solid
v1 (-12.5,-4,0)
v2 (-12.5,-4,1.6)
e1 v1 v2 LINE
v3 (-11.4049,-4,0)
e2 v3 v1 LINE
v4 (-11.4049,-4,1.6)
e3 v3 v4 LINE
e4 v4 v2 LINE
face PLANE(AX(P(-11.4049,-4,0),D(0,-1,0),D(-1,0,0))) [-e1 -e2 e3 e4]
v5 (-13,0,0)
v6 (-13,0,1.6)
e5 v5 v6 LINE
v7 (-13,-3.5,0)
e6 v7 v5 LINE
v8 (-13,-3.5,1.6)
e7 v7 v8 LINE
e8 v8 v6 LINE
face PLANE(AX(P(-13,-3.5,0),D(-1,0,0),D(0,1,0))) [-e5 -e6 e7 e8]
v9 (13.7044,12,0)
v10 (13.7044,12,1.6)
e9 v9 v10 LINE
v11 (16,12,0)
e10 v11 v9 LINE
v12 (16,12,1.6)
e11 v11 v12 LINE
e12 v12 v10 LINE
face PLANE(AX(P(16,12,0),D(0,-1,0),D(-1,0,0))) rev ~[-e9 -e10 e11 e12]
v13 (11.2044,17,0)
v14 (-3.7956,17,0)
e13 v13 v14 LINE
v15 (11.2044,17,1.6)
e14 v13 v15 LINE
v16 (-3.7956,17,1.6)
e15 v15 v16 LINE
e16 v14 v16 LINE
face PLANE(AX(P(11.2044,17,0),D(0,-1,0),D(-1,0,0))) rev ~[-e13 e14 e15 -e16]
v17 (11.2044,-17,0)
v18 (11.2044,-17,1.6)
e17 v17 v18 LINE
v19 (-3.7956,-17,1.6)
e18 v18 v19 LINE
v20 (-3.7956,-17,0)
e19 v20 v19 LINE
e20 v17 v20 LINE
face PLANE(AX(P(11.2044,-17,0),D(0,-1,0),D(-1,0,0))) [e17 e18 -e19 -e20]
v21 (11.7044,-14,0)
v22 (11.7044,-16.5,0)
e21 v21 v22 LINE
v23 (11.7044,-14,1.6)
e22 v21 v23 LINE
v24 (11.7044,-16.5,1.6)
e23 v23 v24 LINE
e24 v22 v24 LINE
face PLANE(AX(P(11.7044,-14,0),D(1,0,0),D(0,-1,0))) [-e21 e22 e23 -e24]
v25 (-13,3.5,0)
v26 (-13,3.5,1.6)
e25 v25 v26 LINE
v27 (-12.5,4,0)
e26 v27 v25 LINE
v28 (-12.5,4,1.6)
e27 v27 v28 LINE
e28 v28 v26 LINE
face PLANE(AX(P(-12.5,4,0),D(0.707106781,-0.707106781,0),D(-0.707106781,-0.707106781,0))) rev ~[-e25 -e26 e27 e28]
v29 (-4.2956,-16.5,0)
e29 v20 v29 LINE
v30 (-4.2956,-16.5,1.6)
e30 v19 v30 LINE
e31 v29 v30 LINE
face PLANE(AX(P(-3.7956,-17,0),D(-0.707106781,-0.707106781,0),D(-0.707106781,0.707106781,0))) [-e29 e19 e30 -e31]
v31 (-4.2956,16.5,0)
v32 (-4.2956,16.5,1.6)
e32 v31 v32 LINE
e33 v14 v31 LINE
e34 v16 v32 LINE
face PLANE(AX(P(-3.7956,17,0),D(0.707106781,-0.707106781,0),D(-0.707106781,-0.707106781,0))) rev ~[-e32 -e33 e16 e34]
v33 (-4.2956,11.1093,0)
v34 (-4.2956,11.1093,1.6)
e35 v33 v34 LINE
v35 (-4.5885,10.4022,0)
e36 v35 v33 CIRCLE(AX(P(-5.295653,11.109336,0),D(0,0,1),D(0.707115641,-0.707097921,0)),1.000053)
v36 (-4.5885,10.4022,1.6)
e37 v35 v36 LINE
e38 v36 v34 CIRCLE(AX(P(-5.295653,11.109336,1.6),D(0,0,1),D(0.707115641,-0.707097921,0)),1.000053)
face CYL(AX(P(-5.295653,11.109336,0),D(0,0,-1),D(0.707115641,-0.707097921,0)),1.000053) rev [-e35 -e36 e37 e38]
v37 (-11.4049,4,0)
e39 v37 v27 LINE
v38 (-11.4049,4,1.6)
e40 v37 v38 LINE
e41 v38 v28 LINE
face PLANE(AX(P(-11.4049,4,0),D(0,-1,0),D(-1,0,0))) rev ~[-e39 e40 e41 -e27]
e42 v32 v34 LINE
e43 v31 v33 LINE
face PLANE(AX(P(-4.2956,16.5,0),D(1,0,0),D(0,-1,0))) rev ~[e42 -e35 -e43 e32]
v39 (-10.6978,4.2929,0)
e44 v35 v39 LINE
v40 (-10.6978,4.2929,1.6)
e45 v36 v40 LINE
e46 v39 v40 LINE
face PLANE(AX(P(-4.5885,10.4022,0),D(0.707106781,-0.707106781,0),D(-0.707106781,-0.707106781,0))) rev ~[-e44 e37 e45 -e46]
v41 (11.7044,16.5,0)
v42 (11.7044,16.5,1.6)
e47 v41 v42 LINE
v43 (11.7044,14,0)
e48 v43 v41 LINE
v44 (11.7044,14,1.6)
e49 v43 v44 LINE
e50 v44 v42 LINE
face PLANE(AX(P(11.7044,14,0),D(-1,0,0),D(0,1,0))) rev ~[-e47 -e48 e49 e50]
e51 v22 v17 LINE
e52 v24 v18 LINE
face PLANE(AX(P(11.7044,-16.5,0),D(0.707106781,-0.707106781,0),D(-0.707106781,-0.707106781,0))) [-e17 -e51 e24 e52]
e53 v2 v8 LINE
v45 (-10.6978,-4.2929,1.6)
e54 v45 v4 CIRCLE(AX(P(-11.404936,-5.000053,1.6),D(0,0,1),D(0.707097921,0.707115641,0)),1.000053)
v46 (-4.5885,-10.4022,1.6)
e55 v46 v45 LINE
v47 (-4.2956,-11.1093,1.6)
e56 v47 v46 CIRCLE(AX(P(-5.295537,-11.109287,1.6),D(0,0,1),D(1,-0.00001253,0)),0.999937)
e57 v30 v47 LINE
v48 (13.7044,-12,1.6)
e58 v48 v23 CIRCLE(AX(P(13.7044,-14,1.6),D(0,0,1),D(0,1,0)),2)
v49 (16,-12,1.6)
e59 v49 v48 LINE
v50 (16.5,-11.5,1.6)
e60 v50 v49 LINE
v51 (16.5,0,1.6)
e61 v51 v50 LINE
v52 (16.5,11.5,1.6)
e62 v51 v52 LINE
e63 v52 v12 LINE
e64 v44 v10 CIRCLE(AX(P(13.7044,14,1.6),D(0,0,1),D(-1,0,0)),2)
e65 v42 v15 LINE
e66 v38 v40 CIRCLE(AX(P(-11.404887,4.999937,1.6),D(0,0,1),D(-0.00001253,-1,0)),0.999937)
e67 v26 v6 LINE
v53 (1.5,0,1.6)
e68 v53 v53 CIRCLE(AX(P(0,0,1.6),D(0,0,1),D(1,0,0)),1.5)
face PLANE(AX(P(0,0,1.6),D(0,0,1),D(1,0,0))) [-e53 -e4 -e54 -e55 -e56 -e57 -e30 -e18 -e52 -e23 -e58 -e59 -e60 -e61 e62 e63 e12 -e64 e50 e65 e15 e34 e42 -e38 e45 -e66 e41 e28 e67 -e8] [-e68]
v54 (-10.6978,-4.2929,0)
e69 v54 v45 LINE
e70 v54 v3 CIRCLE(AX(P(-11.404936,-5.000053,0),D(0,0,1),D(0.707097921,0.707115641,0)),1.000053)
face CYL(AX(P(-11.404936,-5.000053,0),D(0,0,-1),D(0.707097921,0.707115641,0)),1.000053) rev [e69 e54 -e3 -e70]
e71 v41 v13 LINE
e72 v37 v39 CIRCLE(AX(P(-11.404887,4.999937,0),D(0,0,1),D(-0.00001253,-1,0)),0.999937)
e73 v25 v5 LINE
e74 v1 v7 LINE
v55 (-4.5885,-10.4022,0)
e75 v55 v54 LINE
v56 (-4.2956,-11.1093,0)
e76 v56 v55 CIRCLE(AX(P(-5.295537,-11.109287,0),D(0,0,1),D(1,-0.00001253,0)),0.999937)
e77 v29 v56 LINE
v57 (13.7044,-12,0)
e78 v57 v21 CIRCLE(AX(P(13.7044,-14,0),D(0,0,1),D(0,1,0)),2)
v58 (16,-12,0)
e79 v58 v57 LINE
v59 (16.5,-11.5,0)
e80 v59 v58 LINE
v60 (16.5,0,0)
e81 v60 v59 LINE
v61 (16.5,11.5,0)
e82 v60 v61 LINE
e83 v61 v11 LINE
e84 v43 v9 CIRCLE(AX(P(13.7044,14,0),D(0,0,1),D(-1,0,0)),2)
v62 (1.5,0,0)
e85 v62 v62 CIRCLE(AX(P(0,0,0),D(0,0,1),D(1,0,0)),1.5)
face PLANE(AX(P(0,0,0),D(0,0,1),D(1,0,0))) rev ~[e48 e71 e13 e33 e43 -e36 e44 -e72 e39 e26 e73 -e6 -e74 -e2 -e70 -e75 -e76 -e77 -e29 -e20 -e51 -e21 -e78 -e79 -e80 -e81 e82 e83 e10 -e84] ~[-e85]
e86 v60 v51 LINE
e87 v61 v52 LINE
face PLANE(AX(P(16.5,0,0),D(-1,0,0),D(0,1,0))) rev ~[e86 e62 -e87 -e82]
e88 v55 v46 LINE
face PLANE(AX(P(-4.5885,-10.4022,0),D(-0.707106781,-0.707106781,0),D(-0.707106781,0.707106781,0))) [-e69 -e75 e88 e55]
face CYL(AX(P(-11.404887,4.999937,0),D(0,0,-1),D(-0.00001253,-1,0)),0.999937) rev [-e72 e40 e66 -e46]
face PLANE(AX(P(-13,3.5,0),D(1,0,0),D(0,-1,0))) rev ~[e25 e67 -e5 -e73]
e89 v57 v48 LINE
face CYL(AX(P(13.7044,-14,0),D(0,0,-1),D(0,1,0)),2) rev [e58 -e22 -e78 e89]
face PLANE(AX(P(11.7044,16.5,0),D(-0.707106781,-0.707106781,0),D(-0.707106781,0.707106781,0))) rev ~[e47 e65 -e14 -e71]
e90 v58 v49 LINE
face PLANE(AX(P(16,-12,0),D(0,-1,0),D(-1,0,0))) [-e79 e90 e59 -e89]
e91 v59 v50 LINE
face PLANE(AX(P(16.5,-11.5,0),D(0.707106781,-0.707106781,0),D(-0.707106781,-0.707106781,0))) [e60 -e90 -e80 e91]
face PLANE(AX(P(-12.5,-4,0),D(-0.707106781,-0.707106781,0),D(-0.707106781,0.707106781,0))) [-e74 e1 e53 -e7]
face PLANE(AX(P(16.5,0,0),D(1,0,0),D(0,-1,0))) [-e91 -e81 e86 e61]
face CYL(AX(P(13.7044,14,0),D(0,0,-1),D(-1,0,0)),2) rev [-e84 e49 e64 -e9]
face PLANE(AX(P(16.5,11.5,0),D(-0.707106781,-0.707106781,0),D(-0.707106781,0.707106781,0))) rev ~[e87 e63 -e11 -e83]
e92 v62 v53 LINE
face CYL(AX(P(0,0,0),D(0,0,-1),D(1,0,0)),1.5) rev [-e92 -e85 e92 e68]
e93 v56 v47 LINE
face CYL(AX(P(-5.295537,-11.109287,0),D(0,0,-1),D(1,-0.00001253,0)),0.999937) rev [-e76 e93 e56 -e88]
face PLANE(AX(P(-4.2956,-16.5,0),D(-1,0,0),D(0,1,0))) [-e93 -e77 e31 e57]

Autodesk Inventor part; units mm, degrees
ref_plane "YZ Plane" through (0, 0, 0) normal (1, 0, 0) x (0, 1, 0)
ref_plane "XZ Plane" through (0, 0, 0) normal (0, 1, 0) x (-1, 0, 0)
ref_plane "XY Plane" through (0, 0, 0) normal (0, 0, 1) x (1, 0, 0)
sketch "スケッチ1" plane through (0, 0, 0) normal (0, 0, 1) x (1, 0, 0)
  line L0 (16.5, 0) -> (16.5, 11.5)
  line L1 (11.2044, 17) -> (-3.7956, 17)
  line L2 (-3.7956, 17) -> (-4.2956, 16.5)
  line L3 (-4.2956, 16.5) -> (-4.2956, 11.1093)
  arc A0 (-4.5885, 10.4022) -> (-4.2956, 11.1093) centre (-5.2956, 11.1093) ccw
  line L4 (-4.5885, 10.4022) -> (-10.6978, 4.2929)
  arc A1 (-11.4049, 4) -> (-10.6978, 4.2929) centre (-11.4049, 5) ccw
  line L5 (-11.4049, 4) -> (-12.5, 4)
  line L6 (-12.5, 4) -> (-13, 3.5)
  line L7 (-13, 3.5) -> (-13, 0)
  circle A2 centre (0, 0) radius 1.5
  line L8 (16, 12) -> (13.7044, 12)
  line L9 (11.7044, 14) -> (11.7044, 16.5)
  line L10 (16.5, 11.5) -> (16, 12)
  line L11 (11.7044, 16.5) -> (11.2044, 17)
  line L12 (0, 0) -> (16.5, 0) construction
  arc A3 (11.7044, 14) -> (13.7044, 12) centre (13.7044, 14) ccw
  line L13 (11.7044, 17) -> (11.7044, 18.5) construction
  line L14 (0, 0) -> (-13, 0) construction
  line L15 (-13, -2) -> (-13, 2) construction
  line L16 (-10.6978, 4.2929) -> (-5.2974, 9.6932) construction
  line L17 (-4.2956, 17) -> (-4.2956, 11.1093) construction
  line L18 (16.5, 0) -> (16.5, -11.5)
  line L19 (11.2044, -17) -> (-3.7956, -17)
  line L20 (-3.7956, -17) -> (-4.2956, -16.5)
  line L21 (-4.2956, -16.5) -> (-4.2956, -11.1093)
  arc A4 (-4.2956, -11.1093) -> (-4.5885, -10.4022) centre (-5.2956, -11.1093) ccw
  line L22 (-4.5885, -10.4022) -> (-10.6978, -4.2929)
  arc A5 (-10.6978, -4.2929) -> (-11.4049, -4) centre (-11.4049, -5) ccw
  line L23 (-11.4049, -4) -> (-12.5, -4)
  line L24 (-12.5, -4) -> (-13, -3.5)
  line L25 (-13, -3.5) -> (-13, 0)
  line L26 (16, -12) -> (13.7044, -12)
  line L27 (11.7044, -14) -> (11.7044, -16.5)
  line L28 (16.5, -11.5) -> (16, -12)
  line L29 (11.7044, -16.5) -> (11.2044, -17)
  arc A6 (13.7044, -12) -> (11.7044, -14) centre (13.7044, -14) ccw
  dimension "d5" = 0.5
  dimension "d6" = 0.5
  dimension "d7" = 16.5
  dimension "d8" = 2
  dimension "d9" = 12
  dimension "d10" = 17
  dimension "d11" = 0.5
  dimension "d12" = 0.5
  dimension "d14" = 0.5
  dimension "d15" = 0.5
  dimension "d16" = 4
  dimension "d18" = 0.5
  dimension "d19" = 0.5
  dimension "d20" = 1
  dimension "d21" = 3
extrude "押し出し1" add sketch "スケッチ1" along normal blind 1.6
properties part number "force_sensor_pcb"
